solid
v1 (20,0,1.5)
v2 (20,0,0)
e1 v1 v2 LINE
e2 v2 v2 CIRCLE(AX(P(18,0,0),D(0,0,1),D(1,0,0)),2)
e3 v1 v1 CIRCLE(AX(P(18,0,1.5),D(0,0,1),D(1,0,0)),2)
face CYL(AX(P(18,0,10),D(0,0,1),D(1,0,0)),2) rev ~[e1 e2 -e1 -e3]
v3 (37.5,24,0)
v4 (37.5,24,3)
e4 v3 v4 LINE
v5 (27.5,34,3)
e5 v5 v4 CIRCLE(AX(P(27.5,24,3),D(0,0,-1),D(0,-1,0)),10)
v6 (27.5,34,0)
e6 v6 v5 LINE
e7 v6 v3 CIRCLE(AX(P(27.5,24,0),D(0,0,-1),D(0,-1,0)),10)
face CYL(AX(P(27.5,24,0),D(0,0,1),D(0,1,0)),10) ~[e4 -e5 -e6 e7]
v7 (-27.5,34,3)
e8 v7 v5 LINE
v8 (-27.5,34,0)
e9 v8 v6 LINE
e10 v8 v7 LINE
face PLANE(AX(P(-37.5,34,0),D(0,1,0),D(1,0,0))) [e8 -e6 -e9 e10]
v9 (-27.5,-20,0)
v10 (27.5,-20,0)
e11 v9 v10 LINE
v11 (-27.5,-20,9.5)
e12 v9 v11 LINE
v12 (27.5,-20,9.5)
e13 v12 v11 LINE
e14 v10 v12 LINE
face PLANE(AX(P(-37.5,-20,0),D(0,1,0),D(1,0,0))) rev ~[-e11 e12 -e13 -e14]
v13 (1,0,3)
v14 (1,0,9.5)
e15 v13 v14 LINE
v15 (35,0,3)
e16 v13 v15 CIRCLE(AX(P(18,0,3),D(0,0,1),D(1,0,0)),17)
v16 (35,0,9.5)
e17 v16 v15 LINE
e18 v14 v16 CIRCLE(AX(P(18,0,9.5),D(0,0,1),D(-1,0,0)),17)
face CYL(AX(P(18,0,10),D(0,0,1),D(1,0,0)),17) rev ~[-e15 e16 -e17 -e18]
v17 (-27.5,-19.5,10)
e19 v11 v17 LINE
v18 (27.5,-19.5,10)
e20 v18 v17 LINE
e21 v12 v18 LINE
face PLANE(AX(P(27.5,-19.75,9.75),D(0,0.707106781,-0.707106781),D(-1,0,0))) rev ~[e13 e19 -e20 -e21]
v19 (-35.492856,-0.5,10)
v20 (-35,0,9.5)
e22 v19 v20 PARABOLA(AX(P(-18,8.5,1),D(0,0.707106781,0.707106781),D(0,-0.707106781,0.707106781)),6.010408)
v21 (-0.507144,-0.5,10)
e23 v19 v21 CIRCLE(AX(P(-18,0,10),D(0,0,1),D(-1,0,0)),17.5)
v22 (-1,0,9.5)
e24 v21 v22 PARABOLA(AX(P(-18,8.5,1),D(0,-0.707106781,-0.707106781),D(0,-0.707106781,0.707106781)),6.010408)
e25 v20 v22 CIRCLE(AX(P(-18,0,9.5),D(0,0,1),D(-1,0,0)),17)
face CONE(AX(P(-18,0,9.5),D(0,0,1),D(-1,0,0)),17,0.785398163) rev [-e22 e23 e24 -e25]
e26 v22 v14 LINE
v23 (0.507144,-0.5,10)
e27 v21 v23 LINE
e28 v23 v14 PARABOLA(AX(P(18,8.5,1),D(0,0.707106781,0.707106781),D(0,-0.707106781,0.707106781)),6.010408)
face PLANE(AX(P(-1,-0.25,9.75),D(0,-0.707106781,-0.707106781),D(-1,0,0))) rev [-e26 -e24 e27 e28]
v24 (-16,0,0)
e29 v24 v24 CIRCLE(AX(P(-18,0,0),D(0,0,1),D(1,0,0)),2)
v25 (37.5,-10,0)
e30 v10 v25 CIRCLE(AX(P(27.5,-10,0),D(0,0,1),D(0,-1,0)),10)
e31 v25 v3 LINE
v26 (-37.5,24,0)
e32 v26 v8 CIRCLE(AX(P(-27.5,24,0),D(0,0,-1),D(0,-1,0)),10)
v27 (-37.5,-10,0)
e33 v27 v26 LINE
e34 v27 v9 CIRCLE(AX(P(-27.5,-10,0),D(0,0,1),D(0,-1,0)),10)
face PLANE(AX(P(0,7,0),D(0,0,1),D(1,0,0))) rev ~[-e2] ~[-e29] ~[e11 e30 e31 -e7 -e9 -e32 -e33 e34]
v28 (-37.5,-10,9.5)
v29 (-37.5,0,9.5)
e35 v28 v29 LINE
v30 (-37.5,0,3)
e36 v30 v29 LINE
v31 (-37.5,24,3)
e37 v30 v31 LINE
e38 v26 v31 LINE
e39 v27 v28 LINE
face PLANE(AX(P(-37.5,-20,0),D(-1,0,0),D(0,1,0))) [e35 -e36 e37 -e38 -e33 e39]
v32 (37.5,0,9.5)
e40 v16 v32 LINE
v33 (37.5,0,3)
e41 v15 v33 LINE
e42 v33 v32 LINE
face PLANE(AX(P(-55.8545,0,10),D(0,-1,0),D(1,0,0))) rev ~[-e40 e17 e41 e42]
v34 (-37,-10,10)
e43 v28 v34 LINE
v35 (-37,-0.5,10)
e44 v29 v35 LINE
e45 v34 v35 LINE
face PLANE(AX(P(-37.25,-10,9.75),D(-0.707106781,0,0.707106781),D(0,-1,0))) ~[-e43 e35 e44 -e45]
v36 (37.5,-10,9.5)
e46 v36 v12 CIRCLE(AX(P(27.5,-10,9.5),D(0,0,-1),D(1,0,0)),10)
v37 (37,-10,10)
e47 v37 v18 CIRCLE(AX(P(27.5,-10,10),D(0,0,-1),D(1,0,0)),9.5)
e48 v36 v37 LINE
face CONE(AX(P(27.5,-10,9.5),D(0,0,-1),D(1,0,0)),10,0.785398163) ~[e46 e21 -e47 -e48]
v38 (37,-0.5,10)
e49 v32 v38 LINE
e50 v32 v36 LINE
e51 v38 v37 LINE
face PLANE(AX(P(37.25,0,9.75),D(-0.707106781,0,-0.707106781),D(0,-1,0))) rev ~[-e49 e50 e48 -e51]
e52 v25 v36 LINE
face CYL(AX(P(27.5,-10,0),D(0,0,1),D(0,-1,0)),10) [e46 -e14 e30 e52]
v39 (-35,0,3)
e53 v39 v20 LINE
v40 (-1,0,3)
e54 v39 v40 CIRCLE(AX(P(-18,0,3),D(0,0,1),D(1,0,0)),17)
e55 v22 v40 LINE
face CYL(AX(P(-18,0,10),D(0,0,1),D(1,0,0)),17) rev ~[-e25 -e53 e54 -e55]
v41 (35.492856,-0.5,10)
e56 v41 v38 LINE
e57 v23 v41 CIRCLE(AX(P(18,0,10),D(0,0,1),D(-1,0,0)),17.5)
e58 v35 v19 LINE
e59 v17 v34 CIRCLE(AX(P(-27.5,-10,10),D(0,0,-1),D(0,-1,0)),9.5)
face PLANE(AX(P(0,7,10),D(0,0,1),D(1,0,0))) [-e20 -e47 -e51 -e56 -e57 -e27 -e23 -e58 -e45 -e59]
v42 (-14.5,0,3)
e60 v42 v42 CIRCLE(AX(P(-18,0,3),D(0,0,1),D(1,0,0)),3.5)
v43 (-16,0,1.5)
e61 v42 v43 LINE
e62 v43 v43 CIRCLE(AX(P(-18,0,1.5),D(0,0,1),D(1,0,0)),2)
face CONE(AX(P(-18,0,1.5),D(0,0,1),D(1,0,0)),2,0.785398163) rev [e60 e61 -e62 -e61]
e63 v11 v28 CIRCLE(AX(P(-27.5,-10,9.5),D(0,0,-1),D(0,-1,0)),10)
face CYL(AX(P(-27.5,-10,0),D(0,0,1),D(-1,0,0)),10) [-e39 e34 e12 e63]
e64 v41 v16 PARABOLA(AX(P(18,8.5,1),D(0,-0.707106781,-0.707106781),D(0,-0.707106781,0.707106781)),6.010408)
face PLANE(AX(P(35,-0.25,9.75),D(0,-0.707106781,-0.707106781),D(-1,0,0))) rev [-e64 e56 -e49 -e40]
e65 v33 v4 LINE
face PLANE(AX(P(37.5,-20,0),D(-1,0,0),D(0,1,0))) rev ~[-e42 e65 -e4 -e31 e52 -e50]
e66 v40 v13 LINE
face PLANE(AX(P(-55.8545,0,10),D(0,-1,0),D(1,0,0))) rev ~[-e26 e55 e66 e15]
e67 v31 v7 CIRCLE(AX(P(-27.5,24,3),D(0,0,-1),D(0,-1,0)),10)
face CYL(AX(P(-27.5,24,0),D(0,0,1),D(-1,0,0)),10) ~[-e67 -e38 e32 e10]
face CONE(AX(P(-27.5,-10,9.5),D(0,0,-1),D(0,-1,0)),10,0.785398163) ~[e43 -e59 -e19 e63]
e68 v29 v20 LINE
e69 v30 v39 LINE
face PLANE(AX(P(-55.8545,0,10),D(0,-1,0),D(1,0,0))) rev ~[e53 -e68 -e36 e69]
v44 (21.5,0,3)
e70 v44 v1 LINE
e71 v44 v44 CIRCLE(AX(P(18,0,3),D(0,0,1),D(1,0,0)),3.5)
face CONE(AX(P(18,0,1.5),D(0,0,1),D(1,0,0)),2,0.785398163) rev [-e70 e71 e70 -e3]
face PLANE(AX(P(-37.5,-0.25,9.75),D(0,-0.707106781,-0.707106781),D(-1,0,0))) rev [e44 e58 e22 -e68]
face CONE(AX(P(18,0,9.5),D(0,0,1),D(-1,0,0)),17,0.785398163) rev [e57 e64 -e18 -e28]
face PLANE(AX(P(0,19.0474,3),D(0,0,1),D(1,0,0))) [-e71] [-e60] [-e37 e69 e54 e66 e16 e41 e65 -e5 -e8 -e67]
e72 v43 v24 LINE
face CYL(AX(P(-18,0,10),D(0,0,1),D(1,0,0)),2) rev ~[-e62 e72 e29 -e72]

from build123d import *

# Parameters (mm, degrees)
SKETCH_W        = 75
SKETCH_H        = 54
PAD_DEPTH       = 10
SKETCH001_R     = 17
POCKET_DEPTH    = 7
SKETCH002_W     = 111.709
SKETCH002_H     = 38.0948
POCKET001_DEPTH = 7
SKETCH003_R     = 2
POCKET002_DEPTH = 10.001
FILLET_R        = 10
CHAMFER_SIZE    = 0.5
CHAMFER001_SIZE = 1.5


with BuildPart() as part:
    # Sketch → Pad (new body)
    with BuildSketch(Plane.XY):
        with Locations((0, 7)):
            Rectangle(SKETCH_W, SKETCH_H)
    extrude(amount=PAD_DEPTH)

    # Sketch001 → Pocket (cut)
    with BuildSketch(Plane.XY.offset(10)):
        with Locations((-18, 0)):
            Circle(SKETCH001_R)
        with Locations((18, 0)):
            Circle(SKETCH001_R)
    extrude(amount=-POCKET_DEPTH, mode=Mode.SUBTRACT)

    # Sketch002 → Pocket001 (cut)
    with BuildSketch(Plane.XY.offset(10)):
        with Locations((0, 19.0474)):
            Rectangle(SKETCH002_W, SKETCH002_H)
    extrude(amount=-POCKET001_DEPTH, mode=Mode.SUBTRACT)

    # Sketch003 → Pocket002 (cut, through all)
    with BuildSketch(Plane.XY.offset(10)):
        with Locations((-18, 0)):
            Circle(SKETCH003_R)
        with Locations((18, 0)):
            Circle(SKETCH003_R)
    extrude(amount=-POCKET002_DEPTH, mode=Mode.SUBTRACT)

    # Fillet
    fillet_edges = [part.edges().sort_by_distance(p)[0] for p in [
        (37.5, 34, 1.5),
        (-37.5, 34, 1.5),
        (-37.5, -20, 5),
        (37.5, -20, 5),
    ]]
    fillet(fillet_edges, radius=FILLET_R)

    # Chamfer
    chamfer_edges = [part.edges().sort_by_distance(p)[0] for p in [
        (-37.5, -5, 10),
        (-34.571068, -17.071068, 10),
        (-36.25, 0, 10),
        (0, -20, 10),
        (-18, -17, 10),
        (34.571068, -17.071068, 10),
        (0, 0, 10),
        (37.5, -5, 10),
        (18, -17, 10),
        (36.25, 0, 10),
    ]]
    chamfer(chamfer_edges, length=CHAMFER_SIZE)

    # Chamfer001
    chamfer001_edges = [part.edges().sort_by_distance(p)[0] for p in [
        (18, -2, 3),
        (-18, -2, 3),
    ]]
    chamfer(chamfer001_edges, length=CHAMFER001_SIZE)


solid = part.part
